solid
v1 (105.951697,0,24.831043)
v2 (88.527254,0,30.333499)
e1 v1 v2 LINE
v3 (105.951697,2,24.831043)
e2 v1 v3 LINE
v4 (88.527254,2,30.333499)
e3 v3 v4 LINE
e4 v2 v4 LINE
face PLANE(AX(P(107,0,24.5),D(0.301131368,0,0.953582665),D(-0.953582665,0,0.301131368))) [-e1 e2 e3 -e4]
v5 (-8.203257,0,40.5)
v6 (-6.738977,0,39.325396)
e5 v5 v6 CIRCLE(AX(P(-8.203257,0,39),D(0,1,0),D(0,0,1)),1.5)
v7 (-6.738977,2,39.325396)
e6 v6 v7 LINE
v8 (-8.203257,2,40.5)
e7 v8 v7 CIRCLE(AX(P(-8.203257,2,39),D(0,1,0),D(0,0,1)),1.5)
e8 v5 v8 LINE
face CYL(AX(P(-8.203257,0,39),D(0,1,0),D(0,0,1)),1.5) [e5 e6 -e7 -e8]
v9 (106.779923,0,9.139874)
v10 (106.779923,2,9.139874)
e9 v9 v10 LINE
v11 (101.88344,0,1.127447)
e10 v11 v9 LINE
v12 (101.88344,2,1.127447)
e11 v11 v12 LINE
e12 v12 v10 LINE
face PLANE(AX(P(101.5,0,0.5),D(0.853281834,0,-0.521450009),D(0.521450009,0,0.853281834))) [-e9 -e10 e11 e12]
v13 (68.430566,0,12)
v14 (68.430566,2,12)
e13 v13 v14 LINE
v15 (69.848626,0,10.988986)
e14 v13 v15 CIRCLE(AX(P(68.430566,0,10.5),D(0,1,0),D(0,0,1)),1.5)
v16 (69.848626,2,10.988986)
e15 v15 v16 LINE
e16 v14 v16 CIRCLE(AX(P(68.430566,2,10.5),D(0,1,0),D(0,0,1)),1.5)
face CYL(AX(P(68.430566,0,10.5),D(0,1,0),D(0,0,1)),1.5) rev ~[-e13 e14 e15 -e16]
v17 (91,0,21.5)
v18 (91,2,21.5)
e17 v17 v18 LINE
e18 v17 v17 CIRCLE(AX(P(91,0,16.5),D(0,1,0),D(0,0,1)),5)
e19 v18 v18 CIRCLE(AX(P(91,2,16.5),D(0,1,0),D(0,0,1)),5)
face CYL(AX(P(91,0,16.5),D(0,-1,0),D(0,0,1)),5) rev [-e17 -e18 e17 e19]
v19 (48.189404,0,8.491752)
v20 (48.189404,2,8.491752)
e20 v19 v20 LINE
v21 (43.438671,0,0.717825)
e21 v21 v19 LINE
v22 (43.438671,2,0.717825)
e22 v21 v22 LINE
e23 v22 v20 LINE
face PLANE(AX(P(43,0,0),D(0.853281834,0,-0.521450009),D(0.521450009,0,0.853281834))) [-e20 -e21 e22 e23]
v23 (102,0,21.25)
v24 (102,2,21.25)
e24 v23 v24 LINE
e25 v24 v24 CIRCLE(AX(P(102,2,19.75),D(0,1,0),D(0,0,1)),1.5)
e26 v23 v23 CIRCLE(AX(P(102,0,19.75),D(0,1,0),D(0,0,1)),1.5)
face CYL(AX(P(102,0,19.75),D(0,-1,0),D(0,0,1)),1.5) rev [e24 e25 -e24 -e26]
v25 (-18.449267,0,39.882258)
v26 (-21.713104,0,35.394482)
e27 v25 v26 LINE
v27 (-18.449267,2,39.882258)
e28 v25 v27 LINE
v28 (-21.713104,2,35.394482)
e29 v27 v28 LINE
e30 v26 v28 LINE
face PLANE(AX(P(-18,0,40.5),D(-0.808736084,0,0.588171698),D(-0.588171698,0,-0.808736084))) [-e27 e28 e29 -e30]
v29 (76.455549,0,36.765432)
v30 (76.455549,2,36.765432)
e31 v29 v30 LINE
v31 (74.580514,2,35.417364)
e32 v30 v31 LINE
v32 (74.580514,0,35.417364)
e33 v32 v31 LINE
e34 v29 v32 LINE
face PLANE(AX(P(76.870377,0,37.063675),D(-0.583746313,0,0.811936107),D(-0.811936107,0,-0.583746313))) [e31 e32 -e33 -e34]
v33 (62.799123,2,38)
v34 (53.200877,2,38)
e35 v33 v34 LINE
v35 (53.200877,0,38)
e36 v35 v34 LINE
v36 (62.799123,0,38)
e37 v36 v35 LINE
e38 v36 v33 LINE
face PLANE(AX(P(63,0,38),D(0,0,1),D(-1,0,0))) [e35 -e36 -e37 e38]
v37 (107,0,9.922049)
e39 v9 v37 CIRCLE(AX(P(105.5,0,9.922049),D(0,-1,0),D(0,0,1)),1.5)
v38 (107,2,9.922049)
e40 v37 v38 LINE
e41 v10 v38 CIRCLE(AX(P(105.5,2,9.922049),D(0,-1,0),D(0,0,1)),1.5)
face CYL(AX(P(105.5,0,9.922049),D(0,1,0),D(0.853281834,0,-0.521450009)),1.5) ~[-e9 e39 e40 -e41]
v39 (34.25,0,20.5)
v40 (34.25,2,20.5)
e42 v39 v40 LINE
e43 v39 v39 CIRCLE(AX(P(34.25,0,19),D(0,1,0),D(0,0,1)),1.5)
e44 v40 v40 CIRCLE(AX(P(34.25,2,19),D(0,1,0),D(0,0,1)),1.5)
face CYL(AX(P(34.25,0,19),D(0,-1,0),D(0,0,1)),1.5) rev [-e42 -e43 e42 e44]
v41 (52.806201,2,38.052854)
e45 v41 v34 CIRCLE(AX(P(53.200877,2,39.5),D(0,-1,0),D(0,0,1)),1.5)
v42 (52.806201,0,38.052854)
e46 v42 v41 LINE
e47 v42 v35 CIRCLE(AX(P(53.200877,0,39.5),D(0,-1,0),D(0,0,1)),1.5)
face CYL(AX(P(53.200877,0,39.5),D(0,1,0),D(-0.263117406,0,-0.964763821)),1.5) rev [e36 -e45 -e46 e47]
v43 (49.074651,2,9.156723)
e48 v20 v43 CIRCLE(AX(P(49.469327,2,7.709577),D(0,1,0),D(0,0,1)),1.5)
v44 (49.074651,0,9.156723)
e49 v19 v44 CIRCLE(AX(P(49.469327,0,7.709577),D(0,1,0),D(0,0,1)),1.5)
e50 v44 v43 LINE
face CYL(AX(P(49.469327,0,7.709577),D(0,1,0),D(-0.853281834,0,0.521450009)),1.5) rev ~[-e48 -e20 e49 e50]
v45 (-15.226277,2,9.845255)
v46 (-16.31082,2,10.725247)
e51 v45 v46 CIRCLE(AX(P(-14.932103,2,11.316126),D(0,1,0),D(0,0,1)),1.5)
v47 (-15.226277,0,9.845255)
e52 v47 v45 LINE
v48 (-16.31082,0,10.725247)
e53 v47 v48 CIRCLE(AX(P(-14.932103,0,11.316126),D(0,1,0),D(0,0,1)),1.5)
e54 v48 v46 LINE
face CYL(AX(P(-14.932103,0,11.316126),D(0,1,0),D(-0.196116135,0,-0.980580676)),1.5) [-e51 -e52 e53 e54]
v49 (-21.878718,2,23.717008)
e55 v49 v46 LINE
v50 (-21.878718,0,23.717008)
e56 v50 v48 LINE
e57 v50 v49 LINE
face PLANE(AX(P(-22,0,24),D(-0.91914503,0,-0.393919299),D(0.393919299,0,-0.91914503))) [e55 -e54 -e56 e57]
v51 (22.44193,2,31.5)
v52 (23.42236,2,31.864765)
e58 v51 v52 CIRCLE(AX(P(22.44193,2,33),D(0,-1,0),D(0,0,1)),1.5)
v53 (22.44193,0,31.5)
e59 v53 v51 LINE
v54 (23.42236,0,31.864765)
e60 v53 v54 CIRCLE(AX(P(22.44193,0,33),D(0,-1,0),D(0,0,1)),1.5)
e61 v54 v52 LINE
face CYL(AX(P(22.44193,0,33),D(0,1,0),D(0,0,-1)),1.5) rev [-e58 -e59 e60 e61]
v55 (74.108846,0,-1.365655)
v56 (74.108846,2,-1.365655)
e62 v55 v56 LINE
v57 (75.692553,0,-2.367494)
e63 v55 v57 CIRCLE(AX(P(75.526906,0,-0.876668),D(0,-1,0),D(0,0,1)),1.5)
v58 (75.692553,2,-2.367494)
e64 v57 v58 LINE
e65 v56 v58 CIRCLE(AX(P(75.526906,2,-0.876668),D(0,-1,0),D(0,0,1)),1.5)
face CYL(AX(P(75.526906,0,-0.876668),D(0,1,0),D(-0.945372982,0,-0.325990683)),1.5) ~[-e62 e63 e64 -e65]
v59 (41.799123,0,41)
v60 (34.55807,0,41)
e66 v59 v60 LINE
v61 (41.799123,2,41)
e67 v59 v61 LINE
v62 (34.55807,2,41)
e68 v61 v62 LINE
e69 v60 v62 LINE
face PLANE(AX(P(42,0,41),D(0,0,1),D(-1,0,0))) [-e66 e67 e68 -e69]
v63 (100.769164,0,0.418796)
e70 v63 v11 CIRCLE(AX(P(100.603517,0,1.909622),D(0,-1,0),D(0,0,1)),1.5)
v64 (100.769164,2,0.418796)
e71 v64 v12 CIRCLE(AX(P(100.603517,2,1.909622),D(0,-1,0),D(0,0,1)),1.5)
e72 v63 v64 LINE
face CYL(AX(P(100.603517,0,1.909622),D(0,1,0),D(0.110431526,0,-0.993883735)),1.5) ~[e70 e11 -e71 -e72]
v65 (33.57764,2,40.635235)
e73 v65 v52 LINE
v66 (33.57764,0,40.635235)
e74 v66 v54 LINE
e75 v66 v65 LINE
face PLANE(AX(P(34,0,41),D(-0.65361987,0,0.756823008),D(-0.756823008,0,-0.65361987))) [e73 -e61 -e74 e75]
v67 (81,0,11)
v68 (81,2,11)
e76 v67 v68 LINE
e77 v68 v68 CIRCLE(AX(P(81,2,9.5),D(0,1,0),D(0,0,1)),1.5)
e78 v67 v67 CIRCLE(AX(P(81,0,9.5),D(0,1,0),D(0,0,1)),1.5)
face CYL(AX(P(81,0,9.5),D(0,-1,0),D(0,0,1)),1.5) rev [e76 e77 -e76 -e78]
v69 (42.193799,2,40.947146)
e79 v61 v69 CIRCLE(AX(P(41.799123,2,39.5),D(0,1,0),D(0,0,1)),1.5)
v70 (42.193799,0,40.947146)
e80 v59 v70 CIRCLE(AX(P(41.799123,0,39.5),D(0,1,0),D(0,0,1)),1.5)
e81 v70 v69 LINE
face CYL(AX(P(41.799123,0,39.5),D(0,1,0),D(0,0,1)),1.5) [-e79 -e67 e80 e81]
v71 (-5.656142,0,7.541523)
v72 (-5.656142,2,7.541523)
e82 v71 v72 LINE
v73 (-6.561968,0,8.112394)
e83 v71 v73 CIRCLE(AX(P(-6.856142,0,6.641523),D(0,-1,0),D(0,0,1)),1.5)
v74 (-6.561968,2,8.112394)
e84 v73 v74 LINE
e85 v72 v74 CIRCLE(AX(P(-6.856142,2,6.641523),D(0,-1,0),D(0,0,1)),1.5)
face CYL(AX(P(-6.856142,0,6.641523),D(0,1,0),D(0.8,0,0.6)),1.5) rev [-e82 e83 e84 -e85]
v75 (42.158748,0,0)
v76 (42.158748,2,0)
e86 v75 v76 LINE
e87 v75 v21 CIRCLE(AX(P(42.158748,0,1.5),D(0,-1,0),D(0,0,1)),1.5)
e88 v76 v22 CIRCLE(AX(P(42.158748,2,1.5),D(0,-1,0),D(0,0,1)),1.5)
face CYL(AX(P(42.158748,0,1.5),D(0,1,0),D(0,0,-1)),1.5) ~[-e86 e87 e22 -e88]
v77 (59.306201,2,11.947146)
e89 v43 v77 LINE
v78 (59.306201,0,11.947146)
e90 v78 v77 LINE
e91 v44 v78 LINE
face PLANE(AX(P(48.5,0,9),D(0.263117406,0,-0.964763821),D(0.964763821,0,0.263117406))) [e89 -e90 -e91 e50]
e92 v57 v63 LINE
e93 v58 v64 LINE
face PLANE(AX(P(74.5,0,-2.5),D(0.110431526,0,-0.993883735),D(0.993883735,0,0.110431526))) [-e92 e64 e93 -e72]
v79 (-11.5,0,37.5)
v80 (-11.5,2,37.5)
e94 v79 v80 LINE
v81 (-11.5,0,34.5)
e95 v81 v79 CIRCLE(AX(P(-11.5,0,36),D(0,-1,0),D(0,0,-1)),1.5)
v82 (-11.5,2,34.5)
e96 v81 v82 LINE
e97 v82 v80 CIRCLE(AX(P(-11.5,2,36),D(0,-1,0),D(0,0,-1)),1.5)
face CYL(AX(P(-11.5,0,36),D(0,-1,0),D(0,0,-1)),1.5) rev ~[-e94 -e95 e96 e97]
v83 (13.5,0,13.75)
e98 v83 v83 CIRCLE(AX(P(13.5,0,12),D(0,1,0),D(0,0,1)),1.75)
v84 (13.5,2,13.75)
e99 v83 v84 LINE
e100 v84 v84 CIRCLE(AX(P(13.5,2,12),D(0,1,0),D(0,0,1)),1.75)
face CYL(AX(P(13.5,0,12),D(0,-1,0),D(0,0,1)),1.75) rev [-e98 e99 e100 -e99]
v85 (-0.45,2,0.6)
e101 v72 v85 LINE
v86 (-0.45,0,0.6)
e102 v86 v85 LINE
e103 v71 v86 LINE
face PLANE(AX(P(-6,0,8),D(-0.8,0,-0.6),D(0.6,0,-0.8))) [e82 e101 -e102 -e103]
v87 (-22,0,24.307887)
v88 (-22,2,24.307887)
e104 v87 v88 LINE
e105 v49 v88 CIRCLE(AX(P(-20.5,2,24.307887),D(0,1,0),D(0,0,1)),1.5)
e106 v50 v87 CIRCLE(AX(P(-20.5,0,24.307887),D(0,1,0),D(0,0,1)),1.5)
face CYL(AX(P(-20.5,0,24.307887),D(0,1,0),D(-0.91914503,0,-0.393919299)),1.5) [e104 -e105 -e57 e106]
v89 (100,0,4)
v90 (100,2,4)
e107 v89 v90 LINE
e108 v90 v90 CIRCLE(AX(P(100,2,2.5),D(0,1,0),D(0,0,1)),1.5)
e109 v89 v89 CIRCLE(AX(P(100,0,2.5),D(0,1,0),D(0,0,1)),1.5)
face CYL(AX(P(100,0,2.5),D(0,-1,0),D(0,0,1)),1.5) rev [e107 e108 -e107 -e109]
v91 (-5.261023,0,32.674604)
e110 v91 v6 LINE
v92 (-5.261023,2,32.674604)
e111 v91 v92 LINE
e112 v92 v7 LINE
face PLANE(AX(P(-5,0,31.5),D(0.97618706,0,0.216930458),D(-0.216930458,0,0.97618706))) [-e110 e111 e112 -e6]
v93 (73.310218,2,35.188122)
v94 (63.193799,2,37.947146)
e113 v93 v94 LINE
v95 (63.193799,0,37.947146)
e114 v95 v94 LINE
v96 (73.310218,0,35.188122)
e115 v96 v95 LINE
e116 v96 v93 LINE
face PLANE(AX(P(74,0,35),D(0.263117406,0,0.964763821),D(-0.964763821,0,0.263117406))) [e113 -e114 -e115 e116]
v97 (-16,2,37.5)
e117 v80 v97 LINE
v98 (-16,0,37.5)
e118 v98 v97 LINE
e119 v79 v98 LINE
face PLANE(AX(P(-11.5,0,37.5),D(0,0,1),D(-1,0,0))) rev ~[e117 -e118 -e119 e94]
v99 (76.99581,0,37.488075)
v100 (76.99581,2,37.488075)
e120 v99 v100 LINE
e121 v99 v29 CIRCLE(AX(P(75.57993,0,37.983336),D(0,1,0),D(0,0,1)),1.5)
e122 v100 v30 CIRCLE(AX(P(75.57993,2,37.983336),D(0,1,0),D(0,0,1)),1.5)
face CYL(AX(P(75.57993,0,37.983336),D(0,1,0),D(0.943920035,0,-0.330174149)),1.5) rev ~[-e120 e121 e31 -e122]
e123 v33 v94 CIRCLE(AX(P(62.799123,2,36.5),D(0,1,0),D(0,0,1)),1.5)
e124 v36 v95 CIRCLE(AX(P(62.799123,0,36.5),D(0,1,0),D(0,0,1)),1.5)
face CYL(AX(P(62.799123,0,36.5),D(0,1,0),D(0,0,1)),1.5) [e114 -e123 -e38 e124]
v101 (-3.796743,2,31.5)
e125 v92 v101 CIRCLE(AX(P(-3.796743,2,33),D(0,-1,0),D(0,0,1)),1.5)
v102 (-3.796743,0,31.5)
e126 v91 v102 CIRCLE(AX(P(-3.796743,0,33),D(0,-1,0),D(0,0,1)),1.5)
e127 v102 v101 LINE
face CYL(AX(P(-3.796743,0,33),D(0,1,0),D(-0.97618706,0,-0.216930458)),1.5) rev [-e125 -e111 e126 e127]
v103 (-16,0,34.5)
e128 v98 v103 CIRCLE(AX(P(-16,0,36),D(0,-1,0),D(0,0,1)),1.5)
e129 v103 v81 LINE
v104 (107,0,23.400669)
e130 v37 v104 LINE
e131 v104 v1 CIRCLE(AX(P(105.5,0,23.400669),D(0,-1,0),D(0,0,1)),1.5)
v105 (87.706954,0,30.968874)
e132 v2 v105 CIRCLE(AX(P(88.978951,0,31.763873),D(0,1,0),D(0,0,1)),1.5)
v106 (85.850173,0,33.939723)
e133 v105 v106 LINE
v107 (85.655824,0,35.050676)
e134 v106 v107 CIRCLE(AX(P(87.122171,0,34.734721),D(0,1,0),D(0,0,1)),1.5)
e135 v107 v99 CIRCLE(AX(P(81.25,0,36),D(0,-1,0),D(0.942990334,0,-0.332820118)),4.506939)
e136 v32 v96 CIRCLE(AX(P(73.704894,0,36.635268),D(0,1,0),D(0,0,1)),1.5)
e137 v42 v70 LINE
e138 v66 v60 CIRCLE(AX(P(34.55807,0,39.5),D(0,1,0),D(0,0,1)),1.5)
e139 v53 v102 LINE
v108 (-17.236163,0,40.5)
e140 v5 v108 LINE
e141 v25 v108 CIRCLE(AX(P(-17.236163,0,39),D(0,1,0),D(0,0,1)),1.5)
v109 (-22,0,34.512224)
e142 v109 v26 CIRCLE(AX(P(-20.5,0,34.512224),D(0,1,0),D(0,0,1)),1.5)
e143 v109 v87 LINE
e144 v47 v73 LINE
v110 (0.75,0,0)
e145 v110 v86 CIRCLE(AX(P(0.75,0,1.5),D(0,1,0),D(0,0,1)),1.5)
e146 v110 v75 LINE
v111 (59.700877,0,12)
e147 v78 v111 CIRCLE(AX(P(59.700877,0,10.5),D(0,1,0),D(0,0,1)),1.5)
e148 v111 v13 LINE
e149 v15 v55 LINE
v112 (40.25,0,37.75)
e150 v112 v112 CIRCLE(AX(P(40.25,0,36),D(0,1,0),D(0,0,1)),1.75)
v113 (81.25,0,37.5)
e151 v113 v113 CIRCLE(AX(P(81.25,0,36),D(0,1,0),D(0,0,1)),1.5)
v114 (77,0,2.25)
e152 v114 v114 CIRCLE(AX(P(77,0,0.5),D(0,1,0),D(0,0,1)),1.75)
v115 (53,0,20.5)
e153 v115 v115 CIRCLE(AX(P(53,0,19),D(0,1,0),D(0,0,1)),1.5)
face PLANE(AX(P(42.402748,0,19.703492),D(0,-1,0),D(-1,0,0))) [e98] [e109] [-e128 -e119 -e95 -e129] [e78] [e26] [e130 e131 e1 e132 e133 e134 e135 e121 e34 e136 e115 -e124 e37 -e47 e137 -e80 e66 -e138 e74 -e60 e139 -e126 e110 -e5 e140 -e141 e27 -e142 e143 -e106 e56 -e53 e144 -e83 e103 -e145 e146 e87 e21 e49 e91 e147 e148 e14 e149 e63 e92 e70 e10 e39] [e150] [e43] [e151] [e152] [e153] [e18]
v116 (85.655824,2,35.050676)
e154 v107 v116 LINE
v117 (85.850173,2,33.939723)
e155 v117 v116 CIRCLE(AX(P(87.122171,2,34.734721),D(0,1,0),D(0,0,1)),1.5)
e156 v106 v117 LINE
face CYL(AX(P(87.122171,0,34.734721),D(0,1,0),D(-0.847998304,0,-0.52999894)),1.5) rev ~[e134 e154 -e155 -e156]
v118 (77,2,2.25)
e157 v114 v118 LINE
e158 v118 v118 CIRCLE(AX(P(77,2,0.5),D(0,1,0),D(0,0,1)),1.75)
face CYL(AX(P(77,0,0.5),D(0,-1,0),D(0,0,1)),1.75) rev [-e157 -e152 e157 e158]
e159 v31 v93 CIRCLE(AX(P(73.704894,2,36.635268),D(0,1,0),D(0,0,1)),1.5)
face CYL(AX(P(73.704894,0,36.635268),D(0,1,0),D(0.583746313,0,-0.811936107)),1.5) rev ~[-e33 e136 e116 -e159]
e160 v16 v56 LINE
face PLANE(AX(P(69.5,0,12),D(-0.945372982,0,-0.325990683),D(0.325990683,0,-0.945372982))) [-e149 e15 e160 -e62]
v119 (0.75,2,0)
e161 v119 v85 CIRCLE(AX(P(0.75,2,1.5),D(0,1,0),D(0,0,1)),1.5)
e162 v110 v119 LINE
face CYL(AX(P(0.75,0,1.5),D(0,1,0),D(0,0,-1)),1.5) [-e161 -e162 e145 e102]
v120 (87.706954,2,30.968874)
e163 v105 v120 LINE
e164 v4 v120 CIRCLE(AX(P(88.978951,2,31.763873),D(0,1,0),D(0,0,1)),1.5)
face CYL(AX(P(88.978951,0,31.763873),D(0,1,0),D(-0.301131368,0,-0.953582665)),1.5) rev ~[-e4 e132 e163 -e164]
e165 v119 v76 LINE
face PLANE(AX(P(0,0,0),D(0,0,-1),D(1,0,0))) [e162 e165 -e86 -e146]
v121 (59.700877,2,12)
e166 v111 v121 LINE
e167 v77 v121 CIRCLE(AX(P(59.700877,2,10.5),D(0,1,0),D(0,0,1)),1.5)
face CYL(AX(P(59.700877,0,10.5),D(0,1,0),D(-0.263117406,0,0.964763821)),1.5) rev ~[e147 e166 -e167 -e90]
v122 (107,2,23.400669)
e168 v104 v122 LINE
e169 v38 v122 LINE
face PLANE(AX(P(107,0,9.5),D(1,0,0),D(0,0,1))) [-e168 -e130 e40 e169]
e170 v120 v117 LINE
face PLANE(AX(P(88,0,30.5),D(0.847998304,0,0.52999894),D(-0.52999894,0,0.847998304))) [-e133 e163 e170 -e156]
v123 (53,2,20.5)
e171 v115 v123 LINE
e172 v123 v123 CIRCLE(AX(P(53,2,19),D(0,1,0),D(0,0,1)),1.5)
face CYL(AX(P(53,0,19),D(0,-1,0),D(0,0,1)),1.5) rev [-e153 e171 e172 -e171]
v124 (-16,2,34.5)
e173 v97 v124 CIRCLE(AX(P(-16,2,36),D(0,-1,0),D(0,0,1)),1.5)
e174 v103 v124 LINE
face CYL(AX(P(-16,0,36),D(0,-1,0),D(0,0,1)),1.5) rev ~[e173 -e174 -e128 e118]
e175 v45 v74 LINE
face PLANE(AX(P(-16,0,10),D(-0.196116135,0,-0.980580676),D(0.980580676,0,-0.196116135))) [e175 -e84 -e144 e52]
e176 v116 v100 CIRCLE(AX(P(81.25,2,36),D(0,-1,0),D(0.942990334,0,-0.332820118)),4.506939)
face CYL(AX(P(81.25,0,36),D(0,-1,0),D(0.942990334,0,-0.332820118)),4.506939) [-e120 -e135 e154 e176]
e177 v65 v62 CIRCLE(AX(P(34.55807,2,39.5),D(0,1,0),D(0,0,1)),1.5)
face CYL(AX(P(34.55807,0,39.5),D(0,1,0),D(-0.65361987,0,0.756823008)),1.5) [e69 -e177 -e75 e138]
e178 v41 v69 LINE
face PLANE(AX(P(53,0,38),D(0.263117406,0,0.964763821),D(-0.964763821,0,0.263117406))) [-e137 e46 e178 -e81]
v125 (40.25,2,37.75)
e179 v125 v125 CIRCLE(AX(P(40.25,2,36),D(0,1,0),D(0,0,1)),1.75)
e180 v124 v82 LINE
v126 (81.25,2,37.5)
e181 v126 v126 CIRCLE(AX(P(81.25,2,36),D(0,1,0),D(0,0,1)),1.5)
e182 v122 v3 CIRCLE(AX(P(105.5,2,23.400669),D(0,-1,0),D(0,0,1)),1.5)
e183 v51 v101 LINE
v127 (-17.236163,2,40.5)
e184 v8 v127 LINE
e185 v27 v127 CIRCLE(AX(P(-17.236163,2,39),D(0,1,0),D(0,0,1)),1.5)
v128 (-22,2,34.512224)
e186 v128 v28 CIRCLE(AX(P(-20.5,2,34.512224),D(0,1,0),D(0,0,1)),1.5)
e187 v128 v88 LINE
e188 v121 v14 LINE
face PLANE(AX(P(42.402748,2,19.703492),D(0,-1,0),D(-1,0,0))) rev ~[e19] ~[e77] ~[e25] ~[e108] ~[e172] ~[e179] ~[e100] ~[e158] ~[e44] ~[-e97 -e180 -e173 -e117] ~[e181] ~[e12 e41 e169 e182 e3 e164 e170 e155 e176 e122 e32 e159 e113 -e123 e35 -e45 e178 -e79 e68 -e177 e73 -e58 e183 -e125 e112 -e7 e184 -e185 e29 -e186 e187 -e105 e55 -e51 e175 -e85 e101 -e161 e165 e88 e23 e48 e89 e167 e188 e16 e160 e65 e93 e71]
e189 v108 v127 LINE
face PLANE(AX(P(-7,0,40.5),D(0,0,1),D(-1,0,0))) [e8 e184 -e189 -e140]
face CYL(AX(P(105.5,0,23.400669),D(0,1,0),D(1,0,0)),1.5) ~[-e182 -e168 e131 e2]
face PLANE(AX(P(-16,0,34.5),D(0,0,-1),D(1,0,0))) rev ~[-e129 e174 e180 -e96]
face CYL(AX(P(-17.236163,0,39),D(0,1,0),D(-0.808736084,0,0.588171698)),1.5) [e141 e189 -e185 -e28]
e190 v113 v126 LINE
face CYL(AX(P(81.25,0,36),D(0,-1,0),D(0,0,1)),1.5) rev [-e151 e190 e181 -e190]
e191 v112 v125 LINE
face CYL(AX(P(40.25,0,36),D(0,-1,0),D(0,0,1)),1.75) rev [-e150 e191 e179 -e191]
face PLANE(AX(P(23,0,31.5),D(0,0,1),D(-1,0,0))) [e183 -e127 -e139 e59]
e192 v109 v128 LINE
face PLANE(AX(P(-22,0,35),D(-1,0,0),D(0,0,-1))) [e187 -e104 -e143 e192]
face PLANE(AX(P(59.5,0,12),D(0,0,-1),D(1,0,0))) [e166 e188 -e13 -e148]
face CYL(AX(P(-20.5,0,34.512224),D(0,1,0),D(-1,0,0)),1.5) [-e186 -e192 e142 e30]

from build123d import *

# Parameters (mm, degrees)
SKETCH1_R           = 1.75
SKETCH1_R_2         = 1.5
SKETCH1_R_3         = 5
BOSS_EXTRUDE1_DEPTH = 2
FILLET1_R           = 1.5


with BuildPart() as part:
    # Sketch1 → Boss-Extrude1 (new body)
    with BuildSketch(Plane(origin=(0, 0, 0), x_dir=(1, 0, 0), z_dir=(0, 1, 0))):
        with BuildLine():
            Line((0, 0), (43, 0))
            Line((43, 0), (48.5, -9))
            Line((48.5, -9), (59.5, -12))
            Line((59.5, -12), (69.5, -12))
            Line((69.5, -12), (74.5, 2.5))
            Line((74.5, 2.5), (101.5, -0.5))
            Line((101.5, -0.5), (107, -9.5))
            Line((107, -9.5), (107, -24.5))
            Line((107, -24.5), (88, -30.5))
            Line((88, -30.5), (85.5, -34.5))
            ThreePointArc((85.5, -34.5), (82.533474843, -40.320323174), (76.870377201, -37.063674828))
            Line((76.870377201, -37.063674828), (74, -35))
            Line((74, -35), (63, -38))
            Line((63, -38), (53, -38))
            Line((53, -38), (42, -41))
            Line((42, -41), (34, -41))
            Line((34, -41), (23, -31.5))
            Line((23, -31.5), (-5, -31.5))
            Line((-5, -31.5), (-7, -40.5))
            Line((-7, -40.5), (-18, -40.5))
            Line((-18, -40.5), (-22, -35))
            Line((-22, -35), (-22, -24))
            Line((-22, -24), (-16, -10))
            Line((-16, -10), (-6, -8))
            Line((-6, -8), (0, 0))
        make_face()
        with Locations(Location((40.25, -36, 0), (0, 0, 270))):
            Circle(SKETCH1_R, mode=Mode.SUBTRACT)
        with Locations(Location((81.25, -36, 0), (0, 0, 270))):
            Circle(SKETCH1_R_2, mode=Mode.SUBTRACT)
        with Locations(Location((91, -16.5, 0), (0, 0, 270))):
            Circle(SKETCH1_R_3, mode=Mode.SUBTRACT)
        with Locations(Location((77, -0.5, 0), (0, 0, 270))):
            Circle(SKETCH1_R, mode=Mode.SUBTRACT)
        with Locations(Location((81, -9.5, 0), (0, 0, 270))):
            Circle(SKETCH1_R_2, mode=Mode.SUBTRACT)
        with Locations(Location((100, -2.5, 0), (0, 0, 270))):
            Circle(SKETCH1_R_2, mode=Mode.SUBTRACT)
        with Locations(Location((102, -19.75, 0), (0, 0, 270))):
            Circle(SKETCH1_R_2, mode=Mode.SUBTRACT)
        with Locations(Location((53, -19, 0), (0, 0, 270))):
            Circle(SKETCH1_R_2, mode=Mode.SUBTRACT)
        with Locations(Location((34.25, -19, 0), (0, 0, 270))):
            Circle(SKETCH1_R_2, mode=Mode.SUBTRACT)
        with Locations(Location((13.5, -12, 0), (0, 0, 270))):
            Circle(SKETCH1_R, mode=Mode.SUBTRACT)
        with BuildLine():
            Line((-16, -34.5), (-11.5, -34.5))
            ThreePointArc((-11.5, -34.5), (-10, -36), (-11.5, -37.5))
            Line((-11.5, -37.5), (-16, -37.5))
            ThreePointArc((-16, -37.5), (-17.5, -36), (-16, -34.5))
        make_face(mode=Mode.SUBTRACT)
    extrude(amount=BOSS_EXTRUDE1_DEPTH)

    # Fillet1
    fillet1_edges = [part.edges().sort_by_distance(p)[0] for p in [
        (0, 1, 0),
        (43, 1, 0),
        (48.5, 1, 9),
        (59.5, 1, 12),
        (69.5, 1, 12),
        (74.5, 1, -2.5),
        (101.5, 1, 0.5),
        (107, 1, 9.5),
        (107, 1, 24.5),
        (88, 1, 30.5),
        (85.5, 1, 34.5),
        (76.870377201, 1, 37.063674828),
        (74, 1, 35),
        (63, 1, 38),
        (53, 1, 38),
        (42, 1, 41),
        (34, 1, 41),
        (23, 1, 31.5),
        (-5, 1, 31.5),
        (-7, 1, 40.5),
        (-18, 1, 40.5),
        (-22, 1, 35),
        (-22, 1, 24),
        (-16, 1, 10),
        (-6, 1, 8),
    ]]
    fillet(fillet1_edges, radius=FILLET1_R)


solid = part.part
